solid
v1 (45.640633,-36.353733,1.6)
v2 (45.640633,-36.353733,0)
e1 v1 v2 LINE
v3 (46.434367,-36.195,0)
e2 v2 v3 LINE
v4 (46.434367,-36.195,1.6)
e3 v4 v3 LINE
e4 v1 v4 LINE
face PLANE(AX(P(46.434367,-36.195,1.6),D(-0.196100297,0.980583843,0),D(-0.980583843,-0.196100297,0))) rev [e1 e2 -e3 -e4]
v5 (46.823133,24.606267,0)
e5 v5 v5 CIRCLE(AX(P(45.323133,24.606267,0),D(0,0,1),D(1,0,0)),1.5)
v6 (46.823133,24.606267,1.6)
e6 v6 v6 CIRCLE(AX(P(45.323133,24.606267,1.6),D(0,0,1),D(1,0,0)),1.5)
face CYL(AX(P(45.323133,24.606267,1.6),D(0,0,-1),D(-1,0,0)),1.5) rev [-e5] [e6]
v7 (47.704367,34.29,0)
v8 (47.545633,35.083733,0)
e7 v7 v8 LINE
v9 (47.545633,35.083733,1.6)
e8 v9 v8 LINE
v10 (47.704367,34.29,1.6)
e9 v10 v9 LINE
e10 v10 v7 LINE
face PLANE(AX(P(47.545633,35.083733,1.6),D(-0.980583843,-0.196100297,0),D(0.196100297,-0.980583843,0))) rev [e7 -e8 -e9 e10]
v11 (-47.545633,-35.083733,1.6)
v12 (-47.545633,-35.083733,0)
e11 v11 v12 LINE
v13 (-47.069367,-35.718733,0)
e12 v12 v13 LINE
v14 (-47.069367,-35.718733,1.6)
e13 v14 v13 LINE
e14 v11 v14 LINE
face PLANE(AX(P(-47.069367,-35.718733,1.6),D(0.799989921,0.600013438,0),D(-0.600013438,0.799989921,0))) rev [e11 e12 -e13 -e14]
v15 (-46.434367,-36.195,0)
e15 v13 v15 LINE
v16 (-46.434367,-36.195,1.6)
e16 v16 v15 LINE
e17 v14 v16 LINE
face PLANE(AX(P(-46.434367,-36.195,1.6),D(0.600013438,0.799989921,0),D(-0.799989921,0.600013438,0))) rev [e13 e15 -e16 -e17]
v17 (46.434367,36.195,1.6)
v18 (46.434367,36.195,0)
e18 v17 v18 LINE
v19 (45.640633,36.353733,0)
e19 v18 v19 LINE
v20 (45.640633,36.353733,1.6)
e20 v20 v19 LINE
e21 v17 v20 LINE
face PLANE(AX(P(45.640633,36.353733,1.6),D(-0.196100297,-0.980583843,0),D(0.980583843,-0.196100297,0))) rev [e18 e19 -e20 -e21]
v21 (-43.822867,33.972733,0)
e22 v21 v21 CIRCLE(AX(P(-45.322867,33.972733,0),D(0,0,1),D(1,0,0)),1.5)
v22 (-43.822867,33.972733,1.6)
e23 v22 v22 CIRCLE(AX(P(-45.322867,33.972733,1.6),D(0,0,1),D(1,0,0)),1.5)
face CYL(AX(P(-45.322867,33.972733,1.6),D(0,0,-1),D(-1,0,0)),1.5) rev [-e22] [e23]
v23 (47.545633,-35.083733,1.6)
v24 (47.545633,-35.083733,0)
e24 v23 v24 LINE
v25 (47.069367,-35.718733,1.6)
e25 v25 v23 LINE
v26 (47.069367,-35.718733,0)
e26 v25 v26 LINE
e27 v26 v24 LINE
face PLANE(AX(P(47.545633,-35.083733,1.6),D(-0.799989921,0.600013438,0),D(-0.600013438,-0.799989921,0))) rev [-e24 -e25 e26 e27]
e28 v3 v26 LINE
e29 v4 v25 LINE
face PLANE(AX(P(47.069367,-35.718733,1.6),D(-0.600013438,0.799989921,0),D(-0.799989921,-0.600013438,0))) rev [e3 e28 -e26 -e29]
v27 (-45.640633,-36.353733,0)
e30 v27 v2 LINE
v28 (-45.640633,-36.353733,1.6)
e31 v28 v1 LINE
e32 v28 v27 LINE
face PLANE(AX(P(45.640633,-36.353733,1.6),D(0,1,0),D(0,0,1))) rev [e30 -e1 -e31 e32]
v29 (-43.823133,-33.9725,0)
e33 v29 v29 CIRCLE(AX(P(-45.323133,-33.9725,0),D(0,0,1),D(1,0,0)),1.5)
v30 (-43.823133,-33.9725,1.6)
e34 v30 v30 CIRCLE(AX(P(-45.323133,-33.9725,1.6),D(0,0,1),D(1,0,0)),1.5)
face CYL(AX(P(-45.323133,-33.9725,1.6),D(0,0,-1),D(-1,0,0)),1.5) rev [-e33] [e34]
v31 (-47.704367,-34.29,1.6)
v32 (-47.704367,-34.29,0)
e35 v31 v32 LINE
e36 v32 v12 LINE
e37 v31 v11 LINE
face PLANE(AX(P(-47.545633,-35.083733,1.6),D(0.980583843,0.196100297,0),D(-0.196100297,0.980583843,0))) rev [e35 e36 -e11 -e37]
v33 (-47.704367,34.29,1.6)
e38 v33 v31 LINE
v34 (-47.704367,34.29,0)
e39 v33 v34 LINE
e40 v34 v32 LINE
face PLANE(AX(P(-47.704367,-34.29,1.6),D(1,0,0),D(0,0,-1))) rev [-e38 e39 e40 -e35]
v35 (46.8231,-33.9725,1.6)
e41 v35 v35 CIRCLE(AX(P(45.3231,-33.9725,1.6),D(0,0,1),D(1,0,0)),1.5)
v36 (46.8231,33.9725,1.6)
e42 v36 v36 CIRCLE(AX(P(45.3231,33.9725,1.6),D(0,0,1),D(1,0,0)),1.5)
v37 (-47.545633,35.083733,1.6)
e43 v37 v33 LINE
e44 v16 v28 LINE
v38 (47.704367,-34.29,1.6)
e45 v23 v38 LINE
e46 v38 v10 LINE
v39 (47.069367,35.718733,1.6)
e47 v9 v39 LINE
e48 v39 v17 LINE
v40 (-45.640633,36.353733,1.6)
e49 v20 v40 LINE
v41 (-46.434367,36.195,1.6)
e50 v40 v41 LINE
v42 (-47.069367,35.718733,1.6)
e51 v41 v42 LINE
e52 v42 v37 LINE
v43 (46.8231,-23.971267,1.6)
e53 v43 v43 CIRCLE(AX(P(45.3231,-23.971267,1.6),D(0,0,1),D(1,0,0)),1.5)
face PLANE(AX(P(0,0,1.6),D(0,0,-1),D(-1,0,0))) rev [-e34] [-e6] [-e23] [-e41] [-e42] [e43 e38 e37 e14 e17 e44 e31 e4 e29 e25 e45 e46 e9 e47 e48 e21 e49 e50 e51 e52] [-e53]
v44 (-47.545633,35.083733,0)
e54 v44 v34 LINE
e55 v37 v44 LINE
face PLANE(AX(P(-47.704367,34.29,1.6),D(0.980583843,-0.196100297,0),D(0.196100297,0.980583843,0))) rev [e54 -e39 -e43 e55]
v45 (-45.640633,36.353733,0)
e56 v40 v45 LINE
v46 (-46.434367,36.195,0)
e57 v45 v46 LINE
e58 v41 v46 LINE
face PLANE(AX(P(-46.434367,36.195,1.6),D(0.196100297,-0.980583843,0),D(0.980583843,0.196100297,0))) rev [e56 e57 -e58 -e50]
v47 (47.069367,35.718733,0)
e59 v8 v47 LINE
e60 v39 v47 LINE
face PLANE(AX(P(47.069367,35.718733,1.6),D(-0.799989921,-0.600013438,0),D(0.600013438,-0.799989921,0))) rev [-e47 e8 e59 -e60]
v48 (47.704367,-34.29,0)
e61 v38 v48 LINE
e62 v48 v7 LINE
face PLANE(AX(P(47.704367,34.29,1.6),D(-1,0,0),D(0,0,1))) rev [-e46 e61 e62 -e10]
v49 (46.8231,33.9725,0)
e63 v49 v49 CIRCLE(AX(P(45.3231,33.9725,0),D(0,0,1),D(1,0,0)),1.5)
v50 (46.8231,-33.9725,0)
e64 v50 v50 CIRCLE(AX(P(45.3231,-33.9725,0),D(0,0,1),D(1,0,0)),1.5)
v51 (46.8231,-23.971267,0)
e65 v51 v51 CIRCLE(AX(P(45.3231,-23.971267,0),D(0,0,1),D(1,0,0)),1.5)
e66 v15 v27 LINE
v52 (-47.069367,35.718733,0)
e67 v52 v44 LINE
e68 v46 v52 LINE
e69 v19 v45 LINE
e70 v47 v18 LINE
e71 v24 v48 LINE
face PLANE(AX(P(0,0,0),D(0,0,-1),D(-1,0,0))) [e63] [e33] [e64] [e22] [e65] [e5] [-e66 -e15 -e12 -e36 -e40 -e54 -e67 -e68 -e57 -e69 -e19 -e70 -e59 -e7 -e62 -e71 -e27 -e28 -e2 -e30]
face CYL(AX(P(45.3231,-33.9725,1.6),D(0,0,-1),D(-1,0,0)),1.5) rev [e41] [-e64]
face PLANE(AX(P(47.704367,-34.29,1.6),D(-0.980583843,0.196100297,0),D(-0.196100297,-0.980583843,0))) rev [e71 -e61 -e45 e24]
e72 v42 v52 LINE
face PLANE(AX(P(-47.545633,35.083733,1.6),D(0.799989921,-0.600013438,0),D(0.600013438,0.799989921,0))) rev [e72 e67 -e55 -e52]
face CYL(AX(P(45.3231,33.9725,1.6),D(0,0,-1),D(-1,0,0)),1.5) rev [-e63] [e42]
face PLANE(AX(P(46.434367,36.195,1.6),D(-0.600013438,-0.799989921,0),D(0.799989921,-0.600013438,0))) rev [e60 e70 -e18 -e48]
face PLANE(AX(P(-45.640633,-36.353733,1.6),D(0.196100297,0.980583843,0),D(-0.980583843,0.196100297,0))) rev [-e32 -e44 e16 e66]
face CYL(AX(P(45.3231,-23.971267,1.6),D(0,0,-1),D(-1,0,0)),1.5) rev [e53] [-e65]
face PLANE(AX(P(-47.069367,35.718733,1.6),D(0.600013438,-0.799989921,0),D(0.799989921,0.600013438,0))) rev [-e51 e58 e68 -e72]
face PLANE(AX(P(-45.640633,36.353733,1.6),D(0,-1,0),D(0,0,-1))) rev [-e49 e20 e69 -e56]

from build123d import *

# Parameters (mm, degrees)
SKETCH_1_R      = 1.5
EXTRUDE_1_DEPTH = 1.6


with BuildPart() as part:
    # Эскиз1 → Бобышка-Вытянуть1 (new body)
    with BuildSketch(Plane.XY):
        Polygon((45.640633333, -36.353733333), (-45.640633333, -36.353733333), (-46.434366667, -36.195), (-47.069366667, -35.718733333), (-47.545633333, -35.083733333), (-47.704366667, -34.29), (-47.704366667, 34.29), (-47.545633333, 35.083733333), (-47.069366667, 35.718733333), (-46.434366667, 36.195), (-45.640633333, 36.353733333), (45.640633333, 36.353733333), (46.434366667, 36.195), (47.069366667, 35.718733333), (47.545633333, 35.083733333), (47.704366667, 34.29), (47.704366667, -34.29), (47.545633333, -35.083733333), (47.069366667, -35.718733333), (46.434366667, -36.195), align=None)
        with Locations((-45.323133333, -33.9725)):
            Circle(SKETCH_1_R, mode=Mode.SUBTRACT)
        with Locations((-45.322866667, 33.972733333)):
            Circle(SKETCH_1_R, mode=Mode.SUBTRACT)
        with Locations((45.3231, 33.9725)):
            Circle(SKETCH_1_R, mode=Mode.SUBTRACT)
        with Locations((45.323133333, 24.606266667)):
            Circle(SKETCH_1_R, mode=Mode.SUBTRACT)
        with Locations((45.3231, -33.9725)):
            Circle(SKETCH_1_R, mode=Mode.SUBTRACT)
        with Locations((45.3231, -23.971266667)):
            Circle(SKETCH_1_R, mode=Mode.SUBTRACT)
    extrude(amount=EXTRUDE_1_DEPTH)


solid = part.part
